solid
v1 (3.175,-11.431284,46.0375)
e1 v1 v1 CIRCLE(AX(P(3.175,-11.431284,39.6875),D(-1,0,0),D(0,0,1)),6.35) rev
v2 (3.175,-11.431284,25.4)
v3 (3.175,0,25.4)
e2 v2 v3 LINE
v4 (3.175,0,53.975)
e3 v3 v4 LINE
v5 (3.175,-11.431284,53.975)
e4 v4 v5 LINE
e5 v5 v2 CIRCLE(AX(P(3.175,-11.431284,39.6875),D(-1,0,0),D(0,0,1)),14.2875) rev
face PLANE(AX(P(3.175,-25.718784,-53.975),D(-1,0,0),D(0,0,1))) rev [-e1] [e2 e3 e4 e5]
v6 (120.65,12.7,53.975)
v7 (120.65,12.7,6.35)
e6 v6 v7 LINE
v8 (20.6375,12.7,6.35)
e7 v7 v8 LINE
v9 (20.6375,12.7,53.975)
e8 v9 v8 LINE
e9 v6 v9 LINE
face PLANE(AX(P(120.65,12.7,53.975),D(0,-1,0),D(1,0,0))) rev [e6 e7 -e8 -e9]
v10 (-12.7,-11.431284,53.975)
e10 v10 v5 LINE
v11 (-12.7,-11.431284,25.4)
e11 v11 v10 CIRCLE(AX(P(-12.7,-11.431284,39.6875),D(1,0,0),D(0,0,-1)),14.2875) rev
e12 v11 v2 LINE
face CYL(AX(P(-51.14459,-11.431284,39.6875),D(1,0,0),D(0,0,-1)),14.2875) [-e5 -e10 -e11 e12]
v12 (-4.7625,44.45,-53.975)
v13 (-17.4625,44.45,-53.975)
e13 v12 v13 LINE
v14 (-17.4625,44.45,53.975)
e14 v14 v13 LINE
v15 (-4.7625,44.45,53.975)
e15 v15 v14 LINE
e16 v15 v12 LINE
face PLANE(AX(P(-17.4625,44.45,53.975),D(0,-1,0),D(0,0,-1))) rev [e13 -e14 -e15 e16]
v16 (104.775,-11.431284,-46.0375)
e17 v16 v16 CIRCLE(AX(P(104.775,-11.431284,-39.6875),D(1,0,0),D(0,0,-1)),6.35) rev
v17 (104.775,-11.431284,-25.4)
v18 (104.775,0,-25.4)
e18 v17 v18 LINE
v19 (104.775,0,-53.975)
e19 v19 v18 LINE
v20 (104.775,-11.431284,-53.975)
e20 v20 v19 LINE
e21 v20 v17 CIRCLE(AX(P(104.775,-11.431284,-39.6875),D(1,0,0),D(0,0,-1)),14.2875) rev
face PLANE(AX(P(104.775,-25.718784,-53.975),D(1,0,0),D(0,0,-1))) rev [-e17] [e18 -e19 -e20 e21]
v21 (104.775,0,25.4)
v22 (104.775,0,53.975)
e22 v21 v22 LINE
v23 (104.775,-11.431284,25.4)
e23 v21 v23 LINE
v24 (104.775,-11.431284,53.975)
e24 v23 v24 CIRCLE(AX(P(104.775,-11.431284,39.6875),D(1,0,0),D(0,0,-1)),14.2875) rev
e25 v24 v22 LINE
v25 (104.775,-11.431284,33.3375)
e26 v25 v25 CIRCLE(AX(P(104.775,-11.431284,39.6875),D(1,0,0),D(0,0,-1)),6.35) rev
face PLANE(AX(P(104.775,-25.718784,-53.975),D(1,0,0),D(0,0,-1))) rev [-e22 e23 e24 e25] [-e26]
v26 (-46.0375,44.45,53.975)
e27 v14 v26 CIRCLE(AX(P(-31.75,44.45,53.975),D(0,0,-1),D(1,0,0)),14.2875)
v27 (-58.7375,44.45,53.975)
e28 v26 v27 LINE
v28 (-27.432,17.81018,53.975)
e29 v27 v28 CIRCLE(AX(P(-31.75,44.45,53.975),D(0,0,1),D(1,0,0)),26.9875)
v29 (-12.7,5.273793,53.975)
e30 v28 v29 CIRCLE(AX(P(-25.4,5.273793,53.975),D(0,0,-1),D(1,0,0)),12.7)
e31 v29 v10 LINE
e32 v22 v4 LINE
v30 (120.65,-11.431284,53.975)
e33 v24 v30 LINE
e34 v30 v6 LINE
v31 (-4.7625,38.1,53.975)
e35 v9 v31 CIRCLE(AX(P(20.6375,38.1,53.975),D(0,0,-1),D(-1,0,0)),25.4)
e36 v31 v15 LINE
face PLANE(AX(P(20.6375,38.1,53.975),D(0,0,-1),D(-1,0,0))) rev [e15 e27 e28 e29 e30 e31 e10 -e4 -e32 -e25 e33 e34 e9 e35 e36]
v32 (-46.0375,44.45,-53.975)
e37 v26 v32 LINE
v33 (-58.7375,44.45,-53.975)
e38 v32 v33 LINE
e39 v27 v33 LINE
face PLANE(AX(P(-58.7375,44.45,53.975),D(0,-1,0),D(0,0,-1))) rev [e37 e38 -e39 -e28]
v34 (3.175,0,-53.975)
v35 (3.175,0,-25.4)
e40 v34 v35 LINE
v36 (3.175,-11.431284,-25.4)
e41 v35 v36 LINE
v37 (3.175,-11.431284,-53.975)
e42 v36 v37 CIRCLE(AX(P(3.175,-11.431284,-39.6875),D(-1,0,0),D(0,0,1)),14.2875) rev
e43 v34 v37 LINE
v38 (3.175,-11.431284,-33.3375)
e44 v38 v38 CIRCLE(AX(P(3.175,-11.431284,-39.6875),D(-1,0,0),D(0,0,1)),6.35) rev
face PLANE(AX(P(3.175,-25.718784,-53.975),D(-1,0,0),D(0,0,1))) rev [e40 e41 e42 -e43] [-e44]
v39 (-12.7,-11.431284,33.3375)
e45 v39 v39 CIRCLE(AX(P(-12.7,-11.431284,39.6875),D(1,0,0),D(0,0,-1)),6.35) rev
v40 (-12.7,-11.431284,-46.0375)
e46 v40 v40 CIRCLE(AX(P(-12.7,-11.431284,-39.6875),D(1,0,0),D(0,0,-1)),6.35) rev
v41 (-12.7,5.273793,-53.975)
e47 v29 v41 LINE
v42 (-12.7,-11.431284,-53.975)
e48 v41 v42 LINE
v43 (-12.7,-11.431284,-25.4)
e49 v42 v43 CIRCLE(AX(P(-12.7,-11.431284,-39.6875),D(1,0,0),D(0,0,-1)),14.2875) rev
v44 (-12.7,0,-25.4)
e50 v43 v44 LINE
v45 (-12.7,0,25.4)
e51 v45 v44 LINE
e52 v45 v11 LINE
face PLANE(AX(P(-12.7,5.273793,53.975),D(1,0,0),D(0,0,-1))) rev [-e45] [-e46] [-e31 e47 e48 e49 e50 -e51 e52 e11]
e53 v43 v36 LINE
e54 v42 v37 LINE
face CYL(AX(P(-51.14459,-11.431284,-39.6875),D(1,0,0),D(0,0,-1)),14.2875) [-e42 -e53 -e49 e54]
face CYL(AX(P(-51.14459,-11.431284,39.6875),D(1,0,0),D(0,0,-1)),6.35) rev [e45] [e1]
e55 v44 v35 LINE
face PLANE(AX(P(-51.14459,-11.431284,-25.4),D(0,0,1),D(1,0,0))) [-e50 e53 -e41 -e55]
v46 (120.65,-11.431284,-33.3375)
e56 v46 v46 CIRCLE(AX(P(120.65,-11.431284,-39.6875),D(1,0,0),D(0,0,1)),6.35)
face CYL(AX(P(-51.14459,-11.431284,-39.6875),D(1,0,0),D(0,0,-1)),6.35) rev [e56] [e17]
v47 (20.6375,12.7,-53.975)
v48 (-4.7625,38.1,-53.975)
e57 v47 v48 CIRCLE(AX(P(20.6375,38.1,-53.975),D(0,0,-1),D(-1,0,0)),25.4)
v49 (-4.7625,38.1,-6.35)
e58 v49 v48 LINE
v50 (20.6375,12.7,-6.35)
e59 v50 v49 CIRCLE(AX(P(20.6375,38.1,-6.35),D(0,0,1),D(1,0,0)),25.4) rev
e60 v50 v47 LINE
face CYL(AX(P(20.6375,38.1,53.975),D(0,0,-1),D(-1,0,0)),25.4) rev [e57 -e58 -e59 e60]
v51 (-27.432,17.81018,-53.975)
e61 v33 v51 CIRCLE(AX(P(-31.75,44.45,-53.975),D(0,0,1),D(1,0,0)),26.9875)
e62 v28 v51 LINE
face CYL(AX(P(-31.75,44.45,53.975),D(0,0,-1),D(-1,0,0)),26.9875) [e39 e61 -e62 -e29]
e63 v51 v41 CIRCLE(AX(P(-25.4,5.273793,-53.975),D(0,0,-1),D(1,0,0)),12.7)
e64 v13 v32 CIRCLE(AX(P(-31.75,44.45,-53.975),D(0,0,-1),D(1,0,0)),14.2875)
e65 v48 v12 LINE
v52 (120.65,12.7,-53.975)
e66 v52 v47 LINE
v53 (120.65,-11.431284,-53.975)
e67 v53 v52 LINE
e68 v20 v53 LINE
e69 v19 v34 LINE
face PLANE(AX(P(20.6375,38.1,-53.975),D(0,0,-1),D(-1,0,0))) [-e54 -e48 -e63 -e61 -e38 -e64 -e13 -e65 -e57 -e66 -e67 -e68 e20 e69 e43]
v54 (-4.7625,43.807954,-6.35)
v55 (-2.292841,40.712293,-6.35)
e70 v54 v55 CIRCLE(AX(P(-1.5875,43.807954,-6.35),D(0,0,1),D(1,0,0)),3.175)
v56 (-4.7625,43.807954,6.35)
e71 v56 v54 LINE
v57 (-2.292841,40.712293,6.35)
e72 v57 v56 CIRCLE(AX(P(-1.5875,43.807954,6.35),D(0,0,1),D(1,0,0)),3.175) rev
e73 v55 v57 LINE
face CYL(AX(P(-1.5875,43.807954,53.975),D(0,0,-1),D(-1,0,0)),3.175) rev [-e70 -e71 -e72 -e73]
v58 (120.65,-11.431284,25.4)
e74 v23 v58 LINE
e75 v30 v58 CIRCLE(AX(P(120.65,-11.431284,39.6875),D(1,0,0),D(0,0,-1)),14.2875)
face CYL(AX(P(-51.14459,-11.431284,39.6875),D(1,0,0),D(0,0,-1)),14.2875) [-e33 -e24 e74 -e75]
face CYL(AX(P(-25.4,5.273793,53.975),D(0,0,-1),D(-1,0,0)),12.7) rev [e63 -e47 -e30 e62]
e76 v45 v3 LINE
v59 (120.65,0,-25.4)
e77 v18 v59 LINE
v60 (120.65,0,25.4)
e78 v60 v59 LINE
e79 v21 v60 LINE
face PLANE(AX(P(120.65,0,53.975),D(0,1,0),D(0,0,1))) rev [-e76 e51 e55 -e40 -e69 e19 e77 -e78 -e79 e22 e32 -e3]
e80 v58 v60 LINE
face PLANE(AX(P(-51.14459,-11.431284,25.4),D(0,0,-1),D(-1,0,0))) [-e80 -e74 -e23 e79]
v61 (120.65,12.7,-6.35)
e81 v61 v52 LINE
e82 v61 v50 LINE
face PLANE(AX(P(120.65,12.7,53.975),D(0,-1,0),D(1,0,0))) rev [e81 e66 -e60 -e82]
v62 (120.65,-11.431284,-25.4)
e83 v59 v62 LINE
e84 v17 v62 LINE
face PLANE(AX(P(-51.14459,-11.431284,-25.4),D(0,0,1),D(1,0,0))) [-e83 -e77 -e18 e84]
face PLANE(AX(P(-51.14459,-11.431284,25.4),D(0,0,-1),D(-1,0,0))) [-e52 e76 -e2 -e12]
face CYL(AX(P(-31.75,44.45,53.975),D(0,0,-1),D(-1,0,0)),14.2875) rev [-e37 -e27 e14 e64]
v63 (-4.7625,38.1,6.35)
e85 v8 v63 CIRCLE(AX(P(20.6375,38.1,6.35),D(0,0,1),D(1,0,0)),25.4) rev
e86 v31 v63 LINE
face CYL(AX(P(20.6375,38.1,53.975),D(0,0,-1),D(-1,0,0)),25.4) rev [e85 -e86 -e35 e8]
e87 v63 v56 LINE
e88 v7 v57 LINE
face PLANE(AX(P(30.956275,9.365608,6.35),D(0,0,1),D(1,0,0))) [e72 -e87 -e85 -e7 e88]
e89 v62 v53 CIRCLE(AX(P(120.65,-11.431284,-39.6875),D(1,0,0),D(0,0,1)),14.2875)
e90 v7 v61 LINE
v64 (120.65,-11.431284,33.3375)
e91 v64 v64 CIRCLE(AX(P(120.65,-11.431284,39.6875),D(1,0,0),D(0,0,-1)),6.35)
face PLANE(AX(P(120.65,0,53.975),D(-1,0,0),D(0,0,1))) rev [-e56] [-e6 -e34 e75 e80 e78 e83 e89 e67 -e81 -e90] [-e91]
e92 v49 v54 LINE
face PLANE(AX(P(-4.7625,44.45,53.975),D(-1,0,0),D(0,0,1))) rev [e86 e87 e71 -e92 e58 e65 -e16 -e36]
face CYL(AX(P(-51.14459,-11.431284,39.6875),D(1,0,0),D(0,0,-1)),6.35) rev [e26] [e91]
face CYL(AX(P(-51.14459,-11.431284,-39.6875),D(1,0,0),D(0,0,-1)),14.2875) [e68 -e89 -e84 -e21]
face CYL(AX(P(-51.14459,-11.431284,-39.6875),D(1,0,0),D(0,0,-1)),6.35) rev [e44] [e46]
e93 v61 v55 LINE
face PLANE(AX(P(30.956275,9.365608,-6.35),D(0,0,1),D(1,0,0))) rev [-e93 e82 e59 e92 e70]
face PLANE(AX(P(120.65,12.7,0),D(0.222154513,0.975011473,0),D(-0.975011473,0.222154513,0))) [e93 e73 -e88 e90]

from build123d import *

# Parameters (mm, degrees)
BOSS_EXTRUDE1_DEPTH = 53.975
SKETCH3_R           = 6.35
BOSS_EXTRUDE2_DEPTH = 133.35
SKETCH4_W           = 101.6
SKETCH4_H           = 25.718784162
CUT_EXTRUDE1_DEPTH  = 168.885161643
RIB3_REACH          = 141.447
SKETCH5_WALL_W      = 411.489550618
SKETCH5_WALL_H      = 12.7
FILLET1_R           = 3.175


with BuildPart() as part:
    # Sketch1 → Boss-Extrude1 (new, symmetric)
    with BuildSketch(Plane.XY):
        with BuildLine():
            Line((120.65, 0), (-12.7, 0))
            Line((-12.7, 0), (-12.7, 5.273793493))
            ThreePointArc((-12.7, 5.273793493), (-17.169459313, 14.945825338), (-27.432, 17.810179575))
            ThreePointArc((-27.432, 17.810179575), (-49.23989896, 23.896932331), (-58.7375, 44.45))
            Line((-58.7375, 44.45), (-46.0375, 44.45))
            ThreePointArc((-46.0375, 44.45), (-31.75, 30.1625), (-17.4625, 44.45))
            Line((-17.4625, 44.45), (-4.7625, 44.45))
            Line((-4.7625, 44.45), (-4.7625, 38.1))
            ThreePointArc((-4.7625, 38.1), (2.676987758, 20.139487758), (20.6375, 12.7))
            Line((20.6375, 12.7), (120.65, 12.7))
            Line((120.65, 12.7), (120.65, 0))
        make_face()
    extrude(amount=BOSS_EXTRUDE1_DEPTH, both=True)

    # Sketch3 → Boss-Extrude2 (add)
    with BuildSketch(Plane(origin=(120.65, 0, 0), x_dir=(0, 0, -1), z_dir=(1, 0, 0))):
        with BuildLine():
            Line((-53.975, -11.431284162), (-53.975, 0))
            Line((-53.975, 0), (-25.4, 0))
            Line((-25.4, 0), (-25.4, -11.431284162))
            ThreePointArc((-25.4, -11.431284162), (-39.6875, -25.718784162), (-53.975, -11.431284162))
        make_face()
        with Locations((-39.6875, -11.431284162)):
            Circle(SKETCH3_R, mode=Mode.SUBTRACT)
        with BuildLine():
            Line((53.975, 0), (25.4, 0))
            Line((25.4, 0), (25.4, -11.431284162))
            ThreePointArc((25.4, -11.431284162), (39.6875, -25.718784162), (53.975, -11.431284162))
            Line((53.975, -11.431284162), (53.975, 0))
        make_face()
        with Locations((39.6875, -11.431284162)):
            Circle(SKETCH3_R, mode=Mode.SUBTRACT)
    extrude(amount=-BOSS_EXTRUDE2_DEPTH)

    # Sketch4 → Cut-Extrude1 (cut, through all)
    with BuildSketch(Plane.XY.offset(53.975)):
        with Locations((53.975, -12.859392081)):
            Rectangle(SKETCH4_W, SKETCH4_H)
    extrude(amount=-CUT_EXTRUDE1_DEPTH, mode=Mode.SUBTRACT)

    # Sketch5 wall → Rib3 (add, up to next)
    with BuildSketch(Plane(origin=(56.984129031, 27.206147816, 0), x_dir=(-0.975011472973, 0.222154512832, 0), z_dir=(-0.222154512832, -0.975011472973, 0)), mode=Mode.PRIVATE) as rib3_sk1:
        Rectangle(SKETCH5_WALL_W, SKETCH5_WALL_H)
    rib3_tool1 = extrude(rib3_sk1.sketch, amount=RIB3_REACH, mode=Mode.PRIVATE) - part.part
    add(rib3_tool1.solids().sort_by_distance((56.984129031, 27.206147816, 0))[0])

    # Fillet1
    fillet1_edges = [part.edges().sort_by_distance(p)[0] for p in [
        (-4.7625, 41.275, 0),
    ]]
    fillet(fillet1_edges, radius=FILLET1_R)


solid = part.part
